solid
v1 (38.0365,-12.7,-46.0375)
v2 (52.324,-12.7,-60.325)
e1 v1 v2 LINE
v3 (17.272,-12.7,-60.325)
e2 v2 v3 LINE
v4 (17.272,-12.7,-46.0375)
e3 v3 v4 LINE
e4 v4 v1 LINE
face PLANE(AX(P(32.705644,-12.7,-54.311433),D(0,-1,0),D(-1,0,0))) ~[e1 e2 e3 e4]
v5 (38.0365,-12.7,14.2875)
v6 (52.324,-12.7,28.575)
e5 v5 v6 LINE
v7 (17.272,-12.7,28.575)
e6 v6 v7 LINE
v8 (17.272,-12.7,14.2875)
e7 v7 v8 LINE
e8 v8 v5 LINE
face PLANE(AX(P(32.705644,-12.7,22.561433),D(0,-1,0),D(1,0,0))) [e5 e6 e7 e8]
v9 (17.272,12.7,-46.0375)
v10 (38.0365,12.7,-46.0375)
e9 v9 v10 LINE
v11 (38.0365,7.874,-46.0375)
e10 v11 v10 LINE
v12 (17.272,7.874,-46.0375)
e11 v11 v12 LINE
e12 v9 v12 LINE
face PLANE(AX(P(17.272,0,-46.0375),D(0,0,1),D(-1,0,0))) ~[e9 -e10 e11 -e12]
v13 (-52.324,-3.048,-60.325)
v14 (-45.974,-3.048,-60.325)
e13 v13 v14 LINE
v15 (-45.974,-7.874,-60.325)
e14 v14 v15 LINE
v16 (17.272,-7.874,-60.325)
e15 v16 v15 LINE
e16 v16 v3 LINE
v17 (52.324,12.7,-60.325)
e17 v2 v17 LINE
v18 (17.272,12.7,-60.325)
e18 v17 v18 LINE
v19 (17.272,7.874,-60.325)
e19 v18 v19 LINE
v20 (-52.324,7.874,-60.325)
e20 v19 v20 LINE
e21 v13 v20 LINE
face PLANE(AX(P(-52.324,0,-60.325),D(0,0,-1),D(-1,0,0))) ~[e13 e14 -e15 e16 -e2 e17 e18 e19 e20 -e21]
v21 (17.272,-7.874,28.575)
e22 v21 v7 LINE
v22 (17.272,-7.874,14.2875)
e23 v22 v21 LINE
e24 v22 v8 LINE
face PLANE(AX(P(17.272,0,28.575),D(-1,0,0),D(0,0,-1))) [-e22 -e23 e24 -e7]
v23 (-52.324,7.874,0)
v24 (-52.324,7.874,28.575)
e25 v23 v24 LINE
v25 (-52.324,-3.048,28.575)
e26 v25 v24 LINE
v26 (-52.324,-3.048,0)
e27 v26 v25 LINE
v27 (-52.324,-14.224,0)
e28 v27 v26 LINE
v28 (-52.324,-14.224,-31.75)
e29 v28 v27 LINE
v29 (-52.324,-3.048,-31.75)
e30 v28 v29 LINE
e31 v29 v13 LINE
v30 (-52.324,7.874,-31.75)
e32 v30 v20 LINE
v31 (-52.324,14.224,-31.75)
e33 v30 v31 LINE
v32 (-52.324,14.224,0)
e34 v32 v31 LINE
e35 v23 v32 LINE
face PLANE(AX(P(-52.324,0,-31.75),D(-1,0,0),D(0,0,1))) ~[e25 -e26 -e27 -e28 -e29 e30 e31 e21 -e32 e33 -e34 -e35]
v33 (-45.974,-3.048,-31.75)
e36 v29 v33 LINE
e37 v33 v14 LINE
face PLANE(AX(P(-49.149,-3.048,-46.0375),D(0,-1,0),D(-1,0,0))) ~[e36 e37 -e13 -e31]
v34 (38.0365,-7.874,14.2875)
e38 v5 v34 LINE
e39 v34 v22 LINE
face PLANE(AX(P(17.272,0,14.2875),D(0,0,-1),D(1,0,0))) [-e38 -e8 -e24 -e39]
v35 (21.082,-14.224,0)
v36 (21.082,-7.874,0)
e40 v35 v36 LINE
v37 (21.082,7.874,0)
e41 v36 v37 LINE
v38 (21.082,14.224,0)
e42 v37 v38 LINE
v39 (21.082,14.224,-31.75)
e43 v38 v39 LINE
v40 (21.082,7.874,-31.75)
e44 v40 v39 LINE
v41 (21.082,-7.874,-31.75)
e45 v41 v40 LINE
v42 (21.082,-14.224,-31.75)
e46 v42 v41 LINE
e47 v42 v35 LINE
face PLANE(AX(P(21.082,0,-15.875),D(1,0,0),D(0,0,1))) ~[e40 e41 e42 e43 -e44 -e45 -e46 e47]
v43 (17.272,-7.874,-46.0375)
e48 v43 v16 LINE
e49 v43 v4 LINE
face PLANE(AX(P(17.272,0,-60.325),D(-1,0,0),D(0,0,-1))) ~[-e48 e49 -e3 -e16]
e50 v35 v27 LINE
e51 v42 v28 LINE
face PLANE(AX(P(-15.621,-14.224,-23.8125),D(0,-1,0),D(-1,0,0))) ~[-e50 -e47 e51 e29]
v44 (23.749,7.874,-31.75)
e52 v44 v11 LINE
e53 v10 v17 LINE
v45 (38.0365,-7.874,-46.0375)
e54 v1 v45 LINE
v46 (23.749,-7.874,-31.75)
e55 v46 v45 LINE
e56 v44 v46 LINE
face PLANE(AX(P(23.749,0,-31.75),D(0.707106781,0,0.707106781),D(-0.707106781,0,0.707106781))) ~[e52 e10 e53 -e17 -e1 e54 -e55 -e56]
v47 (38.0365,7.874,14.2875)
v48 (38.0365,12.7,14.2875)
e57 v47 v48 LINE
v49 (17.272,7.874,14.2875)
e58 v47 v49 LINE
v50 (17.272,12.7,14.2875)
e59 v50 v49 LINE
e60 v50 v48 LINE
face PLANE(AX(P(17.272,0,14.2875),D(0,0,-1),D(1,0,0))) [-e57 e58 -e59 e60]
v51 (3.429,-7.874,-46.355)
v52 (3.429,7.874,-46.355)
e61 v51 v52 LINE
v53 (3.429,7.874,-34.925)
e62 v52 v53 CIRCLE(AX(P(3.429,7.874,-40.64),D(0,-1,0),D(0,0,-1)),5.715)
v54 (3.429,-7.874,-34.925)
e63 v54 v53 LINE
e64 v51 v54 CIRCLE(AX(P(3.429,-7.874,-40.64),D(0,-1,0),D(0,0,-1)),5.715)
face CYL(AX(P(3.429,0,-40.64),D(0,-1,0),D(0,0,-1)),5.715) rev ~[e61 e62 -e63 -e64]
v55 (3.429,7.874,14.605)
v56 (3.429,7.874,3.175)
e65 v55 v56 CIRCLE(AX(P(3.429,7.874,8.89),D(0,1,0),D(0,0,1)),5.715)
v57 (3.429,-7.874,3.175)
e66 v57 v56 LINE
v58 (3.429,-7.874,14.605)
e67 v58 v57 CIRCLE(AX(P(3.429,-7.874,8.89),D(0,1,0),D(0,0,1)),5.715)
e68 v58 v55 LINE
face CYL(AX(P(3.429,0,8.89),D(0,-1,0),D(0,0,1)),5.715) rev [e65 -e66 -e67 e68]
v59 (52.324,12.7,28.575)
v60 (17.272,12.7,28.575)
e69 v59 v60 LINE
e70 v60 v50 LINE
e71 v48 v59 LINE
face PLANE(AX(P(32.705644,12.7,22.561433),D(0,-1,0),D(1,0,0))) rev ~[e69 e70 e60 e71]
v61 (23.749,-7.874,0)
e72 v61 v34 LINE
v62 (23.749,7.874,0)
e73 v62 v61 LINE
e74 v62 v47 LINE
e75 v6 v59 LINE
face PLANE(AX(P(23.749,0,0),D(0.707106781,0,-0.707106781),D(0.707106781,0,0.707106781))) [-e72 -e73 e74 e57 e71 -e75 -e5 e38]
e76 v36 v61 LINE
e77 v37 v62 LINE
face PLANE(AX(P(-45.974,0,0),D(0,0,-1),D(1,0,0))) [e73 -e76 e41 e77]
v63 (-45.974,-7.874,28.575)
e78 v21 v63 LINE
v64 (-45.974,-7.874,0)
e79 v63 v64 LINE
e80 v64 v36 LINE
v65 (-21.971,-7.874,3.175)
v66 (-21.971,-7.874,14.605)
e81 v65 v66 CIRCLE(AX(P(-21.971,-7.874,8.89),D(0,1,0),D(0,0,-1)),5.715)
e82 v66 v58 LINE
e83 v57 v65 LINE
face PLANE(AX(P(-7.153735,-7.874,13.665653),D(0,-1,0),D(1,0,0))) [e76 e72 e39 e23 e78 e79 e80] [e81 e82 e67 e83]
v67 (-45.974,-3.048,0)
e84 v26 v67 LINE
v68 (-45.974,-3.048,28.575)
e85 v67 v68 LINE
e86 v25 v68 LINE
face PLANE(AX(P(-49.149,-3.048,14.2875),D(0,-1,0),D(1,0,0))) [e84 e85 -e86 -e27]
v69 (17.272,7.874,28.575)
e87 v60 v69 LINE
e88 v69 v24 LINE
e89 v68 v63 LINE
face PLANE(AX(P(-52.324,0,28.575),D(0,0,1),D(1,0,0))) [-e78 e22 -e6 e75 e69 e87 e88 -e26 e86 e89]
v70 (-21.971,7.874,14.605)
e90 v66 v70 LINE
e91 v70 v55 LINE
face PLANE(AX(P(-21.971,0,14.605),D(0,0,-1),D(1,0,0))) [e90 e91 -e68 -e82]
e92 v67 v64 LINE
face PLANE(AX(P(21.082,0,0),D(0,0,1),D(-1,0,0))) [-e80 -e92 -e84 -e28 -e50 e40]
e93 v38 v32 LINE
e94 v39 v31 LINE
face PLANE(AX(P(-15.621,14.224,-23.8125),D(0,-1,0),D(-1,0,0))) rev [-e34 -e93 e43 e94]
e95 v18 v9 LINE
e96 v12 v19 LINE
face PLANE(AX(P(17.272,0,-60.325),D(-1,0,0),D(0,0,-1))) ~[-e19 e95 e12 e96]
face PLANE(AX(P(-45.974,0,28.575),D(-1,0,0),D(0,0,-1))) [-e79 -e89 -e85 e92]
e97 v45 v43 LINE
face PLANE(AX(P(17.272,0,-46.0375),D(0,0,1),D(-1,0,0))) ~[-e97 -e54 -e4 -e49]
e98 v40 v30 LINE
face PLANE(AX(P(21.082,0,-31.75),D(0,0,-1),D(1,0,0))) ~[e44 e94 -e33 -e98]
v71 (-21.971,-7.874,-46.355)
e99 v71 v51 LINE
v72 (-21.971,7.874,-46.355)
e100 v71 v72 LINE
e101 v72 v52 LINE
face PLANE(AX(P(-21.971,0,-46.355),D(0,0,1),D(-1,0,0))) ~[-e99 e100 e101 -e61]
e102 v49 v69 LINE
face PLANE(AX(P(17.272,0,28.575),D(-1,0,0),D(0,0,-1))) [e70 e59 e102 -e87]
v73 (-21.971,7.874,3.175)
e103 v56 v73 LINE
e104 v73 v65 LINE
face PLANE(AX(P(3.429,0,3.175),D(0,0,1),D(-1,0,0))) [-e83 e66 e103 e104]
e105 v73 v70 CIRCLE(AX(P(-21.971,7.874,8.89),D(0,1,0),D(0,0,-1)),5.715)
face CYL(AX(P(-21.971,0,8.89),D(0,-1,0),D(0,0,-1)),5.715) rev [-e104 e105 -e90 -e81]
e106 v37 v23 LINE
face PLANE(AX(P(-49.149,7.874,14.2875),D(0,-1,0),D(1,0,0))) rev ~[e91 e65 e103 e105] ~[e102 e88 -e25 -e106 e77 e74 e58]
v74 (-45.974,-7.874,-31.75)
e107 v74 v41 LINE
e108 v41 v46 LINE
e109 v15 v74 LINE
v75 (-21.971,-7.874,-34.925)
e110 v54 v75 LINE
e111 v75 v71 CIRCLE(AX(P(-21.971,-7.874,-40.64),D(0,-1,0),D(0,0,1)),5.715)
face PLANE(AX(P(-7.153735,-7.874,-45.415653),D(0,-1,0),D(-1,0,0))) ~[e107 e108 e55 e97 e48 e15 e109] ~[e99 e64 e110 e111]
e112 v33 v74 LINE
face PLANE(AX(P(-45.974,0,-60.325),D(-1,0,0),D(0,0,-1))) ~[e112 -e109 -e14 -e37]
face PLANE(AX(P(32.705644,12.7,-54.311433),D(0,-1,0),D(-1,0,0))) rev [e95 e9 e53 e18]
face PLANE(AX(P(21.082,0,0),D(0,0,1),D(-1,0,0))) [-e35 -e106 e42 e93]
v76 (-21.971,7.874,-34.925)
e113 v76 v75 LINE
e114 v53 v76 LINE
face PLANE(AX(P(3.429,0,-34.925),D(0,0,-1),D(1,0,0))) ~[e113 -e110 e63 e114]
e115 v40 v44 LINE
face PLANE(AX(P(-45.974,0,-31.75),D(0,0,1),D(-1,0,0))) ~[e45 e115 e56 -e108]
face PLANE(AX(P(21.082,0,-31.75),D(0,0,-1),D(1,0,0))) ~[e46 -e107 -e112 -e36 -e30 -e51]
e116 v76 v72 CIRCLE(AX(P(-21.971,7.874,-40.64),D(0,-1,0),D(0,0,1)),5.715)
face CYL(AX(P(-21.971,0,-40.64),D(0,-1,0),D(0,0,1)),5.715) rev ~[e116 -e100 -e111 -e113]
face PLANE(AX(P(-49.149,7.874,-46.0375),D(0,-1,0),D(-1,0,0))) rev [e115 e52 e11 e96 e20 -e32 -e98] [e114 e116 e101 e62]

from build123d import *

# Parameters (mm, degrees)
F1_DEPTH = 14.224
F2_DEPTH = 12.7
F3_DEPTH = 7.874
F0_W     = 6.35
F0_H     = 28.575
F4_DEPTH = 7.874
F5_DEPTH = 3.048


with BuildPart() as f1:
    # F0 (on Front) → F1 (new body, symmetric)
    with BuildSketch(Plane.XZ):
        Polygon((-45.974, 0), (-52.324, 0), (-52.324, -15.875), (21.082, -15.875), (21.082, 0), align=None)
    extrude(amount=F1_DEPTH, both=True)



with BuildPart() as f2:
    # F0 (on Front) → F2 (new body, symmetric)
    with BuildSketch(Plane.XZ):
        Polygon((52.324, 28.575), (17.272, 28.575), (17.272, 14.2875), (38.0365, 14.2875), align=None)
    extrude(amount=F2_DEPTH, both=True)


with BuildPart() as f1_1:
    add(f1.part)

    add(f2.part)  # F3 merges F2
    # F0 (on Front) → F3 (join, symmetric)
    with BuildSketch(Plane.XZ):
        Polygon((17.272, 28.575), (-45.974, 28.575), (-45.974, 0), (21.082, 0), (23.749, 0), (38.0365, 14.2875), (17.272, 14.2875), align=None)
        with BuildLine():
            ThreePointArc((-21.971, 3.175), (-27.686, 8.89), (-21.971, 14.605))
            Line((-21.971, 14.605), (3.429, 14.605))
            ThreePointArc((3.429, 14.605), (9.144, 8.89), (3.429, 3.175))
            Line((3.429, 3.175), (-21.971, 3.175))
        make_face(mode=Mode.SUBTRACT)
    extrude(amount=F3_DEPTH, both=True)

    # F0 (on Front) → F4 (join)
    with BuildSketch(Plane.XZ):
        with Locations((-49.149, 14.2875)):
            Rectangle(F0_W, F0_H)
    extrude(amount=-F4_DEPTH)

    # F0 (on Front) → F5 (join)
    with BuildSketch(Plane.XZ):
        with Locations((-49.149, 14.2875)):
            Rectangle(F0_W, F0_H)
    extrude(amount=F5_DEPTH)

    # F6: F1 across face


with BuildPart() as f1_2:
    add(f1_1.part)
    add(f1_1.part.mirror(Plane(origin=(-15.621, 0, -15.875), x_dir=(1, 0, 0), z_dir=(0, 0, -1))))


solid = f1_2.part
